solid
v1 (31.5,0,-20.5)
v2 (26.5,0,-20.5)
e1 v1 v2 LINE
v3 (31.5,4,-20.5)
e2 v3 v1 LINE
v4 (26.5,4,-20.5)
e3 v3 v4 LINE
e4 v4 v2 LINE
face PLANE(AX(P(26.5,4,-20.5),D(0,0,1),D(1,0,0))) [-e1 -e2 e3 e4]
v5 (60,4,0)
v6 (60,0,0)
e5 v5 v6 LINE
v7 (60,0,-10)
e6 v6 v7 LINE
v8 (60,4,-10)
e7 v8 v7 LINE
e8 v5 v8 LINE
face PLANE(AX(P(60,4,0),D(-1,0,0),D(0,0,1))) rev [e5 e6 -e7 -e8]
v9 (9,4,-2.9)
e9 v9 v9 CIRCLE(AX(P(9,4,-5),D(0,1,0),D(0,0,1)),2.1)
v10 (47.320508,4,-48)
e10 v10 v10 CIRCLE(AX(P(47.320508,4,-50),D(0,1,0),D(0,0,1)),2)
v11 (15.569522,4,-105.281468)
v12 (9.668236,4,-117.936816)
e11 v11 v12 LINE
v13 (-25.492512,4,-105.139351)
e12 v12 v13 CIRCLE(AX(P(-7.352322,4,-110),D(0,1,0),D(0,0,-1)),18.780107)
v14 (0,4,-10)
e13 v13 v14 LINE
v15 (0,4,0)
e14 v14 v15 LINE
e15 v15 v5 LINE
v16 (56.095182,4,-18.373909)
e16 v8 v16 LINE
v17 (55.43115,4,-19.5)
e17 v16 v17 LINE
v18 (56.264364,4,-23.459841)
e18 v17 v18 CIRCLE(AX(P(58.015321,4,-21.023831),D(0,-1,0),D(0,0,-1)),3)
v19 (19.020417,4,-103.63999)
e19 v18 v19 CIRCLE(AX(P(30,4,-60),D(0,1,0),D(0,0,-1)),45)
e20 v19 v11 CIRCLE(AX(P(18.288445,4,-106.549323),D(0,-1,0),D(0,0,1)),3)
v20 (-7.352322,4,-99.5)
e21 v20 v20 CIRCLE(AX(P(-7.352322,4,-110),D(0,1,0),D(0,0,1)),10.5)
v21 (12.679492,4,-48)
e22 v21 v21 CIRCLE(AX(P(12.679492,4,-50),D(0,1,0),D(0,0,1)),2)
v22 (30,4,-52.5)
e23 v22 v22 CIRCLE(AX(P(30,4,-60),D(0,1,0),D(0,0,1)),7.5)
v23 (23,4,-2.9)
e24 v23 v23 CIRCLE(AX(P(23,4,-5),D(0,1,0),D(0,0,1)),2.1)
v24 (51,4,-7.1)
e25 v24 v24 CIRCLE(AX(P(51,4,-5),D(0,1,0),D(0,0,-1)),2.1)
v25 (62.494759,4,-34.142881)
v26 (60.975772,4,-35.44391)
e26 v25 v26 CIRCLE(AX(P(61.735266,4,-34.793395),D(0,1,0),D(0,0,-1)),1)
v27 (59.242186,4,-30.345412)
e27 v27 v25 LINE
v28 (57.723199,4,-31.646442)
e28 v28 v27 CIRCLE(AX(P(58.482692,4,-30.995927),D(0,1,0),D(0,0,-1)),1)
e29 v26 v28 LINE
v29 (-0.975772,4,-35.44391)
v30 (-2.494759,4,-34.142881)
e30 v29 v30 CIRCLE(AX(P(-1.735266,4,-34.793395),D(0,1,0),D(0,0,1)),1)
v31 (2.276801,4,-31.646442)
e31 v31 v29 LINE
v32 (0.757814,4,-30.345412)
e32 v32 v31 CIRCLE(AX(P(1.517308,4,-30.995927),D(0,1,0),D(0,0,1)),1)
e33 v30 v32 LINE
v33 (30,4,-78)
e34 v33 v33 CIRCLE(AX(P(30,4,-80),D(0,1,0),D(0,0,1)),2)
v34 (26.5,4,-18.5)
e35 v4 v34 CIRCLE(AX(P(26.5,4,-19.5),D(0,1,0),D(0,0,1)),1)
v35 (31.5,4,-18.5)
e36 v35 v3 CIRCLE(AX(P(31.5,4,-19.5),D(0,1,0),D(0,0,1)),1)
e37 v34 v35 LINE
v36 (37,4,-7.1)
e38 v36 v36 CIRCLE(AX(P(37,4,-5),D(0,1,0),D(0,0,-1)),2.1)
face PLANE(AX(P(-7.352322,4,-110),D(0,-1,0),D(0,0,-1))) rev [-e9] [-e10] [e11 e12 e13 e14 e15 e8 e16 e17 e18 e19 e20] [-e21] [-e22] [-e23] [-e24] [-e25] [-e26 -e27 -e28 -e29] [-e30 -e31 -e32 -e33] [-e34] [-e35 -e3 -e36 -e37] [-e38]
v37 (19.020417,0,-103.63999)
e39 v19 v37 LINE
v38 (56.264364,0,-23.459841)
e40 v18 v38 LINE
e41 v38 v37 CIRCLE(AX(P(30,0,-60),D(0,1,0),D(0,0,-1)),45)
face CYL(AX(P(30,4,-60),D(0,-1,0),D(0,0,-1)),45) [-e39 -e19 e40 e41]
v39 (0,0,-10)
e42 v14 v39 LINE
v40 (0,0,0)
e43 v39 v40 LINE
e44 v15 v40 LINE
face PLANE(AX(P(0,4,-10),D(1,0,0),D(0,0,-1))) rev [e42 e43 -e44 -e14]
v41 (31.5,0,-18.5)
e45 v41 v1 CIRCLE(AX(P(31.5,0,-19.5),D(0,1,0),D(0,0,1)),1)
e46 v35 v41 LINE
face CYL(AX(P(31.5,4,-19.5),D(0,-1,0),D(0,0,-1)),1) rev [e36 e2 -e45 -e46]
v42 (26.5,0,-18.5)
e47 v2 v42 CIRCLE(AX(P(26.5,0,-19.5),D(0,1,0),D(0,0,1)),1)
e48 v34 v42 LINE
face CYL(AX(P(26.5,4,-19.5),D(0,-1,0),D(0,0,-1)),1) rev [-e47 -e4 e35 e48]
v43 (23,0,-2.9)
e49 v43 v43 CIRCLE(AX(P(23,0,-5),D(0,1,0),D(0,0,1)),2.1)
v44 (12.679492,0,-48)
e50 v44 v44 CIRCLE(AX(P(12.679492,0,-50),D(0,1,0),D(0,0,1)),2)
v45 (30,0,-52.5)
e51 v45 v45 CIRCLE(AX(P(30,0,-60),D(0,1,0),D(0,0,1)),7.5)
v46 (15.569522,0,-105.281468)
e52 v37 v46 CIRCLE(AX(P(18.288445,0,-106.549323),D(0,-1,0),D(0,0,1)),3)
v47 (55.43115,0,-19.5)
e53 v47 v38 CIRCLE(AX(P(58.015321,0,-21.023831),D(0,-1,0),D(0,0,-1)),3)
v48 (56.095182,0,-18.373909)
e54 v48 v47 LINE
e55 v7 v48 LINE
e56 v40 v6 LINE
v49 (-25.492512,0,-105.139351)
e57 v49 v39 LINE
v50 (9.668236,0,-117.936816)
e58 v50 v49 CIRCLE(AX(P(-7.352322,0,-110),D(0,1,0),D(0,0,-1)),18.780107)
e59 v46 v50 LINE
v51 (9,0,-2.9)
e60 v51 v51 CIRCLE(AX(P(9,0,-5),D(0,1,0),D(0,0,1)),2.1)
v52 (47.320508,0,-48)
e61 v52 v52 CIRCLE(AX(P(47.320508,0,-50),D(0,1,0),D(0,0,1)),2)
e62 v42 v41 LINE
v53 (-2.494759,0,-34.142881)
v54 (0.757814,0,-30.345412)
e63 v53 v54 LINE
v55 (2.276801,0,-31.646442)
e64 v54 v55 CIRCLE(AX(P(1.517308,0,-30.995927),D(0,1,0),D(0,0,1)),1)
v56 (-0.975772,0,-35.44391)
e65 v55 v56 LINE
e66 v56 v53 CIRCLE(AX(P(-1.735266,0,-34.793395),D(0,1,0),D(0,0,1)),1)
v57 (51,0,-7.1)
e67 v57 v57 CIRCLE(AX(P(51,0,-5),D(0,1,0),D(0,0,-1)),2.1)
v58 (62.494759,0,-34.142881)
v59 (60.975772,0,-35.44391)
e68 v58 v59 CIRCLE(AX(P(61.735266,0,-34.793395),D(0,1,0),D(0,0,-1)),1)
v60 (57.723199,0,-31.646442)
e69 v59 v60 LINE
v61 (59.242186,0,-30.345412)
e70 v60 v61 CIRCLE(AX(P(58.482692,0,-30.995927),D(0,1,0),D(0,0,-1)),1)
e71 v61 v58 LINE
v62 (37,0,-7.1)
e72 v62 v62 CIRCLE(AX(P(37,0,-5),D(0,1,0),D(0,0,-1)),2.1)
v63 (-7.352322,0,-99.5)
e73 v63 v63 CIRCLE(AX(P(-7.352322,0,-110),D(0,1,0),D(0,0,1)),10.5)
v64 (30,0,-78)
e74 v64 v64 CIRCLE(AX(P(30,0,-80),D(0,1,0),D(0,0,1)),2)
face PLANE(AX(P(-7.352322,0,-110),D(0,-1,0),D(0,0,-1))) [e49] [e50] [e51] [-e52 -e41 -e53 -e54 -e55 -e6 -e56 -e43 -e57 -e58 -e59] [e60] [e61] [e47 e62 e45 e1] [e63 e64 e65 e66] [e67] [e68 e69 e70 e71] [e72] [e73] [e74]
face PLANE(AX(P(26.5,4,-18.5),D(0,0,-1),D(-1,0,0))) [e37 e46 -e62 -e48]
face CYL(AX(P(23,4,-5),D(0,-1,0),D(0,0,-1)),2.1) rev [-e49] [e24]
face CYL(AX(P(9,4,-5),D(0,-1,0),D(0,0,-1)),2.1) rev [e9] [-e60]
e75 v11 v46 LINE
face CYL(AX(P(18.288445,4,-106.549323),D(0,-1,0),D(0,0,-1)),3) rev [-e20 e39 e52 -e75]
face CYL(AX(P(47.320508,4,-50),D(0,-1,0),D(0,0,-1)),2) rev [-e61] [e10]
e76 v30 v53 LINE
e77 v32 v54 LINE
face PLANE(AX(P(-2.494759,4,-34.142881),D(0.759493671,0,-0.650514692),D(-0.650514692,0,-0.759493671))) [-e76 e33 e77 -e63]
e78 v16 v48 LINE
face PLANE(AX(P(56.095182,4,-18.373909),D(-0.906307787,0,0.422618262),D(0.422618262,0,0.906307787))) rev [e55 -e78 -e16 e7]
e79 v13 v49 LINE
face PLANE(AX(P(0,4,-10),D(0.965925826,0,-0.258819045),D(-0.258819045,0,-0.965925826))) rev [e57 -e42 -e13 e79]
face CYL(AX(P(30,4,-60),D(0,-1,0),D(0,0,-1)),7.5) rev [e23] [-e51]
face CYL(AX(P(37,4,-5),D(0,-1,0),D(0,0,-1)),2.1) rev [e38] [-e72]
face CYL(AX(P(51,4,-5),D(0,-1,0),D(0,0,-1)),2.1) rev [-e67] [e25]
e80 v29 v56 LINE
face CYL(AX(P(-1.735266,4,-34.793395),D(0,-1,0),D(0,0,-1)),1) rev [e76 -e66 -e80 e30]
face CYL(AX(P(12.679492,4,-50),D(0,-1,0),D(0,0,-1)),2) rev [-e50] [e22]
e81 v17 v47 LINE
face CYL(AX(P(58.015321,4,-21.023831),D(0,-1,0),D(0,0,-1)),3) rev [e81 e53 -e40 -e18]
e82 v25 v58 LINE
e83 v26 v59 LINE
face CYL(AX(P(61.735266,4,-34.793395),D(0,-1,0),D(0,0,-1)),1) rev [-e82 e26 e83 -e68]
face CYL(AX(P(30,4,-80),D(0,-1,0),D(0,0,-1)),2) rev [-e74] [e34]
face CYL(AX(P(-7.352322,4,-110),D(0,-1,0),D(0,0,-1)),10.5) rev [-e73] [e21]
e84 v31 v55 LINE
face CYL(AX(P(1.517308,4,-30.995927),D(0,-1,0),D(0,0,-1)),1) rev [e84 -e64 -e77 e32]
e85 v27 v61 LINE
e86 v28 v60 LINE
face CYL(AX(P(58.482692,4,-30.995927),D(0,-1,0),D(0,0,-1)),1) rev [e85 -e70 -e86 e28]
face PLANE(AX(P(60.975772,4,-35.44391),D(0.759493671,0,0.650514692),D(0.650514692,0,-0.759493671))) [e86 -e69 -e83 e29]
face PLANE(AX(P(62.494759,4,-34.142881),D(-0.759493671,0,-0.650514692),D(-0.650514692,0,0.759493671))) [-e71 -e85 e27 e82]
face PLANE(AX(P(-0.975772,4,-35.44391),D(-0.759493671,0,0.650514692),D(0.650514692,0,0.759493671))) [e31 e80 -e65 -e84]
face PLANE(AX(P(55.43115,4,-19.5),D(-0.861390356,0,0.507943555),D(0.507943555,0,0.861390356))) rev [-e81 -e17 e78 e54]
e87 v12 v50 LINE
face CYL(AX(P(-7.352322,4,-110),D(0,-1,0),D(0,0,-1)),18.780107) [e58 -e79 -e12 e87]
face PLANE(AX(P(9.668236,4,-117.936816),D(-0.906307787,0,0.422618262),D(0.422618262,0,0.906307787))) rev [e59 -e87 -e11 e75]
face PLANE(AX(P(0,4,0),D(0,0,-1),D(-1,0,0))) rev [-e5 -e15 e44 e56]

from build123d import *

# Parameters (mm, degrees)
SKETCH_1_R      = 10.5
SKETCH_1_R_2    = 7.5
SKETCH_1_R_3    = 2
SKETCH_1_R_4    = 2.1
EXTRUDE_1_DEPTH = 4


with BuildPart() as part:
    # 草图1 → 凸台-拉伸1 (new body)
    with BuildSketch(Plane(origin=(0, 0, 0), x_dir=(1, 0, 0), z_dir=(0, 1, 0))):
        with BuildLine():
            Line((0, 10), (0, 0))
            Line((0, 0), (60, 0))
            Line((60, 0), (60, 10))
            Line((60, 10), (56.095182285, 18.373908614))
            Line((56.095182285, 18.373908614), (55.431150168, 19.5))
            ThreePointArc((55.431150168, 19.5), (55.079606541, 21.641551662), (56.264363658, 23.459841248))
            ThreePointArc((56.264363658, 23.459841248), (70.812010618, 78.957314928), (19.020417199, 103.639990393))
            ThreePointArc((19.020417199, 103.639990393), (16.99979992, 103.840191523), (15.569521651, 105.281468301))
            Line((15.569521651, 105.281468301), (9.668235965, 117.936816295))
            ThreePointArc((9.668235965, 117.936816295), (-13.775496492, 127.647528231), (-25.492512153, 105.139350566))
            Line((-25.492512153, 105.139350566), (0, 10))
        make_face()
        with Locations(Location((-7.352321507, 110, 0), (0, 0, 270))):
            Circle(SKETCH_1_R, mode=Mode.SUBTRACT)
        with Locations(Location((30, 60, 0), (0, 0, 270))):
            Circle(SKETCH_1_R_2, mode=Mode.SUBTRACT)
        with Locations(Location((30, 80, 0), (0, 0, 270))):
            Circle(SKETCH_1_R_3, mode=Mode.SUBTRACT)
        with Locations(Location((47.320508076, 50, 0), (0, 0, 270))):
            Circle(SKETCH_1_R_3, mode=Mode.SUBTRACT)
        with Locations(Location((12.679491924, 50, 0), (0, 0, 270))):
            Circle(SKETCH_1_R_3, mode=Mode.SUBTRACT)
        with Locations(Location((23, 5, 0), (0, 0, 270))):
            Circle(SKETCH_1_R_4, mode=Mode.SUBTRACT)
        with Locations(Location((9, 5, 0), (0, 0, 270))):
            Circle(SKETCH_1_R_4, mode=Mode.SUBTRACT)
        with Locations(Location((37, 5, 0), (0, 0, 90))):
            Circle(SKETCH_1_R_4, mode=Mode.SUBTRACT)
        with Locations(Location((51, 5, 0), (0, 0, 90))):
            Circle(SKETCH_1_R_4, mode=Mode.SUBTRACT)
        with BuildLine():
            Line((26.5, 20.5), (31.5, 20.5))
            ThreePointArc((31.5, 20.5), (32.5, 19.5), (31.5, 18.5))
            Line((31.5, 18.5), (26.5, 18.5))
            ThreePointArc((26.5, 18.5), (25.5, 19.5), (26.5, 20.5))
        make_face(mode=Mode.SUBTRACT)
        with BuildLine():
            Line((-0.975772037, 35.443910191), (2.27680142, 31.646441837))
            ThreePointArc((2.27680142, 31.646441837), (2.167822441, 30.236433474), (0.757814079, 30.345412454))
            Line((0.757814079, 30.345412454), (-2.494759379, 34.142880808))
            ThreePointArc((-2.494759379, 34.142880808), (-2.3857804, 35.552889171), (-0.975772037, 35.443910191))
        make_face(mode=Mode.SUBTRACT)
        with BuildLine():
            Line((60.975772037, 35.443910191), (57.72319858, 31.646441837))
            ThreePointArc((57.72319858, 31.646441837), (57.832177559, 30.236433474), (59.242185921, 30.345412454))
            Line((59.242185921, 30.345412454), (62.494759379, 34.142880808))
            ThreePointArc((62.494759379, 34.142880808), (62.3857804, 35.552889171), (60.975772037, 35.443910191))
        make_face(mode=Mode.SUBTRACT)
    extrude(amount=EXTRUDE_1_DEPTH)


solid = part.part
